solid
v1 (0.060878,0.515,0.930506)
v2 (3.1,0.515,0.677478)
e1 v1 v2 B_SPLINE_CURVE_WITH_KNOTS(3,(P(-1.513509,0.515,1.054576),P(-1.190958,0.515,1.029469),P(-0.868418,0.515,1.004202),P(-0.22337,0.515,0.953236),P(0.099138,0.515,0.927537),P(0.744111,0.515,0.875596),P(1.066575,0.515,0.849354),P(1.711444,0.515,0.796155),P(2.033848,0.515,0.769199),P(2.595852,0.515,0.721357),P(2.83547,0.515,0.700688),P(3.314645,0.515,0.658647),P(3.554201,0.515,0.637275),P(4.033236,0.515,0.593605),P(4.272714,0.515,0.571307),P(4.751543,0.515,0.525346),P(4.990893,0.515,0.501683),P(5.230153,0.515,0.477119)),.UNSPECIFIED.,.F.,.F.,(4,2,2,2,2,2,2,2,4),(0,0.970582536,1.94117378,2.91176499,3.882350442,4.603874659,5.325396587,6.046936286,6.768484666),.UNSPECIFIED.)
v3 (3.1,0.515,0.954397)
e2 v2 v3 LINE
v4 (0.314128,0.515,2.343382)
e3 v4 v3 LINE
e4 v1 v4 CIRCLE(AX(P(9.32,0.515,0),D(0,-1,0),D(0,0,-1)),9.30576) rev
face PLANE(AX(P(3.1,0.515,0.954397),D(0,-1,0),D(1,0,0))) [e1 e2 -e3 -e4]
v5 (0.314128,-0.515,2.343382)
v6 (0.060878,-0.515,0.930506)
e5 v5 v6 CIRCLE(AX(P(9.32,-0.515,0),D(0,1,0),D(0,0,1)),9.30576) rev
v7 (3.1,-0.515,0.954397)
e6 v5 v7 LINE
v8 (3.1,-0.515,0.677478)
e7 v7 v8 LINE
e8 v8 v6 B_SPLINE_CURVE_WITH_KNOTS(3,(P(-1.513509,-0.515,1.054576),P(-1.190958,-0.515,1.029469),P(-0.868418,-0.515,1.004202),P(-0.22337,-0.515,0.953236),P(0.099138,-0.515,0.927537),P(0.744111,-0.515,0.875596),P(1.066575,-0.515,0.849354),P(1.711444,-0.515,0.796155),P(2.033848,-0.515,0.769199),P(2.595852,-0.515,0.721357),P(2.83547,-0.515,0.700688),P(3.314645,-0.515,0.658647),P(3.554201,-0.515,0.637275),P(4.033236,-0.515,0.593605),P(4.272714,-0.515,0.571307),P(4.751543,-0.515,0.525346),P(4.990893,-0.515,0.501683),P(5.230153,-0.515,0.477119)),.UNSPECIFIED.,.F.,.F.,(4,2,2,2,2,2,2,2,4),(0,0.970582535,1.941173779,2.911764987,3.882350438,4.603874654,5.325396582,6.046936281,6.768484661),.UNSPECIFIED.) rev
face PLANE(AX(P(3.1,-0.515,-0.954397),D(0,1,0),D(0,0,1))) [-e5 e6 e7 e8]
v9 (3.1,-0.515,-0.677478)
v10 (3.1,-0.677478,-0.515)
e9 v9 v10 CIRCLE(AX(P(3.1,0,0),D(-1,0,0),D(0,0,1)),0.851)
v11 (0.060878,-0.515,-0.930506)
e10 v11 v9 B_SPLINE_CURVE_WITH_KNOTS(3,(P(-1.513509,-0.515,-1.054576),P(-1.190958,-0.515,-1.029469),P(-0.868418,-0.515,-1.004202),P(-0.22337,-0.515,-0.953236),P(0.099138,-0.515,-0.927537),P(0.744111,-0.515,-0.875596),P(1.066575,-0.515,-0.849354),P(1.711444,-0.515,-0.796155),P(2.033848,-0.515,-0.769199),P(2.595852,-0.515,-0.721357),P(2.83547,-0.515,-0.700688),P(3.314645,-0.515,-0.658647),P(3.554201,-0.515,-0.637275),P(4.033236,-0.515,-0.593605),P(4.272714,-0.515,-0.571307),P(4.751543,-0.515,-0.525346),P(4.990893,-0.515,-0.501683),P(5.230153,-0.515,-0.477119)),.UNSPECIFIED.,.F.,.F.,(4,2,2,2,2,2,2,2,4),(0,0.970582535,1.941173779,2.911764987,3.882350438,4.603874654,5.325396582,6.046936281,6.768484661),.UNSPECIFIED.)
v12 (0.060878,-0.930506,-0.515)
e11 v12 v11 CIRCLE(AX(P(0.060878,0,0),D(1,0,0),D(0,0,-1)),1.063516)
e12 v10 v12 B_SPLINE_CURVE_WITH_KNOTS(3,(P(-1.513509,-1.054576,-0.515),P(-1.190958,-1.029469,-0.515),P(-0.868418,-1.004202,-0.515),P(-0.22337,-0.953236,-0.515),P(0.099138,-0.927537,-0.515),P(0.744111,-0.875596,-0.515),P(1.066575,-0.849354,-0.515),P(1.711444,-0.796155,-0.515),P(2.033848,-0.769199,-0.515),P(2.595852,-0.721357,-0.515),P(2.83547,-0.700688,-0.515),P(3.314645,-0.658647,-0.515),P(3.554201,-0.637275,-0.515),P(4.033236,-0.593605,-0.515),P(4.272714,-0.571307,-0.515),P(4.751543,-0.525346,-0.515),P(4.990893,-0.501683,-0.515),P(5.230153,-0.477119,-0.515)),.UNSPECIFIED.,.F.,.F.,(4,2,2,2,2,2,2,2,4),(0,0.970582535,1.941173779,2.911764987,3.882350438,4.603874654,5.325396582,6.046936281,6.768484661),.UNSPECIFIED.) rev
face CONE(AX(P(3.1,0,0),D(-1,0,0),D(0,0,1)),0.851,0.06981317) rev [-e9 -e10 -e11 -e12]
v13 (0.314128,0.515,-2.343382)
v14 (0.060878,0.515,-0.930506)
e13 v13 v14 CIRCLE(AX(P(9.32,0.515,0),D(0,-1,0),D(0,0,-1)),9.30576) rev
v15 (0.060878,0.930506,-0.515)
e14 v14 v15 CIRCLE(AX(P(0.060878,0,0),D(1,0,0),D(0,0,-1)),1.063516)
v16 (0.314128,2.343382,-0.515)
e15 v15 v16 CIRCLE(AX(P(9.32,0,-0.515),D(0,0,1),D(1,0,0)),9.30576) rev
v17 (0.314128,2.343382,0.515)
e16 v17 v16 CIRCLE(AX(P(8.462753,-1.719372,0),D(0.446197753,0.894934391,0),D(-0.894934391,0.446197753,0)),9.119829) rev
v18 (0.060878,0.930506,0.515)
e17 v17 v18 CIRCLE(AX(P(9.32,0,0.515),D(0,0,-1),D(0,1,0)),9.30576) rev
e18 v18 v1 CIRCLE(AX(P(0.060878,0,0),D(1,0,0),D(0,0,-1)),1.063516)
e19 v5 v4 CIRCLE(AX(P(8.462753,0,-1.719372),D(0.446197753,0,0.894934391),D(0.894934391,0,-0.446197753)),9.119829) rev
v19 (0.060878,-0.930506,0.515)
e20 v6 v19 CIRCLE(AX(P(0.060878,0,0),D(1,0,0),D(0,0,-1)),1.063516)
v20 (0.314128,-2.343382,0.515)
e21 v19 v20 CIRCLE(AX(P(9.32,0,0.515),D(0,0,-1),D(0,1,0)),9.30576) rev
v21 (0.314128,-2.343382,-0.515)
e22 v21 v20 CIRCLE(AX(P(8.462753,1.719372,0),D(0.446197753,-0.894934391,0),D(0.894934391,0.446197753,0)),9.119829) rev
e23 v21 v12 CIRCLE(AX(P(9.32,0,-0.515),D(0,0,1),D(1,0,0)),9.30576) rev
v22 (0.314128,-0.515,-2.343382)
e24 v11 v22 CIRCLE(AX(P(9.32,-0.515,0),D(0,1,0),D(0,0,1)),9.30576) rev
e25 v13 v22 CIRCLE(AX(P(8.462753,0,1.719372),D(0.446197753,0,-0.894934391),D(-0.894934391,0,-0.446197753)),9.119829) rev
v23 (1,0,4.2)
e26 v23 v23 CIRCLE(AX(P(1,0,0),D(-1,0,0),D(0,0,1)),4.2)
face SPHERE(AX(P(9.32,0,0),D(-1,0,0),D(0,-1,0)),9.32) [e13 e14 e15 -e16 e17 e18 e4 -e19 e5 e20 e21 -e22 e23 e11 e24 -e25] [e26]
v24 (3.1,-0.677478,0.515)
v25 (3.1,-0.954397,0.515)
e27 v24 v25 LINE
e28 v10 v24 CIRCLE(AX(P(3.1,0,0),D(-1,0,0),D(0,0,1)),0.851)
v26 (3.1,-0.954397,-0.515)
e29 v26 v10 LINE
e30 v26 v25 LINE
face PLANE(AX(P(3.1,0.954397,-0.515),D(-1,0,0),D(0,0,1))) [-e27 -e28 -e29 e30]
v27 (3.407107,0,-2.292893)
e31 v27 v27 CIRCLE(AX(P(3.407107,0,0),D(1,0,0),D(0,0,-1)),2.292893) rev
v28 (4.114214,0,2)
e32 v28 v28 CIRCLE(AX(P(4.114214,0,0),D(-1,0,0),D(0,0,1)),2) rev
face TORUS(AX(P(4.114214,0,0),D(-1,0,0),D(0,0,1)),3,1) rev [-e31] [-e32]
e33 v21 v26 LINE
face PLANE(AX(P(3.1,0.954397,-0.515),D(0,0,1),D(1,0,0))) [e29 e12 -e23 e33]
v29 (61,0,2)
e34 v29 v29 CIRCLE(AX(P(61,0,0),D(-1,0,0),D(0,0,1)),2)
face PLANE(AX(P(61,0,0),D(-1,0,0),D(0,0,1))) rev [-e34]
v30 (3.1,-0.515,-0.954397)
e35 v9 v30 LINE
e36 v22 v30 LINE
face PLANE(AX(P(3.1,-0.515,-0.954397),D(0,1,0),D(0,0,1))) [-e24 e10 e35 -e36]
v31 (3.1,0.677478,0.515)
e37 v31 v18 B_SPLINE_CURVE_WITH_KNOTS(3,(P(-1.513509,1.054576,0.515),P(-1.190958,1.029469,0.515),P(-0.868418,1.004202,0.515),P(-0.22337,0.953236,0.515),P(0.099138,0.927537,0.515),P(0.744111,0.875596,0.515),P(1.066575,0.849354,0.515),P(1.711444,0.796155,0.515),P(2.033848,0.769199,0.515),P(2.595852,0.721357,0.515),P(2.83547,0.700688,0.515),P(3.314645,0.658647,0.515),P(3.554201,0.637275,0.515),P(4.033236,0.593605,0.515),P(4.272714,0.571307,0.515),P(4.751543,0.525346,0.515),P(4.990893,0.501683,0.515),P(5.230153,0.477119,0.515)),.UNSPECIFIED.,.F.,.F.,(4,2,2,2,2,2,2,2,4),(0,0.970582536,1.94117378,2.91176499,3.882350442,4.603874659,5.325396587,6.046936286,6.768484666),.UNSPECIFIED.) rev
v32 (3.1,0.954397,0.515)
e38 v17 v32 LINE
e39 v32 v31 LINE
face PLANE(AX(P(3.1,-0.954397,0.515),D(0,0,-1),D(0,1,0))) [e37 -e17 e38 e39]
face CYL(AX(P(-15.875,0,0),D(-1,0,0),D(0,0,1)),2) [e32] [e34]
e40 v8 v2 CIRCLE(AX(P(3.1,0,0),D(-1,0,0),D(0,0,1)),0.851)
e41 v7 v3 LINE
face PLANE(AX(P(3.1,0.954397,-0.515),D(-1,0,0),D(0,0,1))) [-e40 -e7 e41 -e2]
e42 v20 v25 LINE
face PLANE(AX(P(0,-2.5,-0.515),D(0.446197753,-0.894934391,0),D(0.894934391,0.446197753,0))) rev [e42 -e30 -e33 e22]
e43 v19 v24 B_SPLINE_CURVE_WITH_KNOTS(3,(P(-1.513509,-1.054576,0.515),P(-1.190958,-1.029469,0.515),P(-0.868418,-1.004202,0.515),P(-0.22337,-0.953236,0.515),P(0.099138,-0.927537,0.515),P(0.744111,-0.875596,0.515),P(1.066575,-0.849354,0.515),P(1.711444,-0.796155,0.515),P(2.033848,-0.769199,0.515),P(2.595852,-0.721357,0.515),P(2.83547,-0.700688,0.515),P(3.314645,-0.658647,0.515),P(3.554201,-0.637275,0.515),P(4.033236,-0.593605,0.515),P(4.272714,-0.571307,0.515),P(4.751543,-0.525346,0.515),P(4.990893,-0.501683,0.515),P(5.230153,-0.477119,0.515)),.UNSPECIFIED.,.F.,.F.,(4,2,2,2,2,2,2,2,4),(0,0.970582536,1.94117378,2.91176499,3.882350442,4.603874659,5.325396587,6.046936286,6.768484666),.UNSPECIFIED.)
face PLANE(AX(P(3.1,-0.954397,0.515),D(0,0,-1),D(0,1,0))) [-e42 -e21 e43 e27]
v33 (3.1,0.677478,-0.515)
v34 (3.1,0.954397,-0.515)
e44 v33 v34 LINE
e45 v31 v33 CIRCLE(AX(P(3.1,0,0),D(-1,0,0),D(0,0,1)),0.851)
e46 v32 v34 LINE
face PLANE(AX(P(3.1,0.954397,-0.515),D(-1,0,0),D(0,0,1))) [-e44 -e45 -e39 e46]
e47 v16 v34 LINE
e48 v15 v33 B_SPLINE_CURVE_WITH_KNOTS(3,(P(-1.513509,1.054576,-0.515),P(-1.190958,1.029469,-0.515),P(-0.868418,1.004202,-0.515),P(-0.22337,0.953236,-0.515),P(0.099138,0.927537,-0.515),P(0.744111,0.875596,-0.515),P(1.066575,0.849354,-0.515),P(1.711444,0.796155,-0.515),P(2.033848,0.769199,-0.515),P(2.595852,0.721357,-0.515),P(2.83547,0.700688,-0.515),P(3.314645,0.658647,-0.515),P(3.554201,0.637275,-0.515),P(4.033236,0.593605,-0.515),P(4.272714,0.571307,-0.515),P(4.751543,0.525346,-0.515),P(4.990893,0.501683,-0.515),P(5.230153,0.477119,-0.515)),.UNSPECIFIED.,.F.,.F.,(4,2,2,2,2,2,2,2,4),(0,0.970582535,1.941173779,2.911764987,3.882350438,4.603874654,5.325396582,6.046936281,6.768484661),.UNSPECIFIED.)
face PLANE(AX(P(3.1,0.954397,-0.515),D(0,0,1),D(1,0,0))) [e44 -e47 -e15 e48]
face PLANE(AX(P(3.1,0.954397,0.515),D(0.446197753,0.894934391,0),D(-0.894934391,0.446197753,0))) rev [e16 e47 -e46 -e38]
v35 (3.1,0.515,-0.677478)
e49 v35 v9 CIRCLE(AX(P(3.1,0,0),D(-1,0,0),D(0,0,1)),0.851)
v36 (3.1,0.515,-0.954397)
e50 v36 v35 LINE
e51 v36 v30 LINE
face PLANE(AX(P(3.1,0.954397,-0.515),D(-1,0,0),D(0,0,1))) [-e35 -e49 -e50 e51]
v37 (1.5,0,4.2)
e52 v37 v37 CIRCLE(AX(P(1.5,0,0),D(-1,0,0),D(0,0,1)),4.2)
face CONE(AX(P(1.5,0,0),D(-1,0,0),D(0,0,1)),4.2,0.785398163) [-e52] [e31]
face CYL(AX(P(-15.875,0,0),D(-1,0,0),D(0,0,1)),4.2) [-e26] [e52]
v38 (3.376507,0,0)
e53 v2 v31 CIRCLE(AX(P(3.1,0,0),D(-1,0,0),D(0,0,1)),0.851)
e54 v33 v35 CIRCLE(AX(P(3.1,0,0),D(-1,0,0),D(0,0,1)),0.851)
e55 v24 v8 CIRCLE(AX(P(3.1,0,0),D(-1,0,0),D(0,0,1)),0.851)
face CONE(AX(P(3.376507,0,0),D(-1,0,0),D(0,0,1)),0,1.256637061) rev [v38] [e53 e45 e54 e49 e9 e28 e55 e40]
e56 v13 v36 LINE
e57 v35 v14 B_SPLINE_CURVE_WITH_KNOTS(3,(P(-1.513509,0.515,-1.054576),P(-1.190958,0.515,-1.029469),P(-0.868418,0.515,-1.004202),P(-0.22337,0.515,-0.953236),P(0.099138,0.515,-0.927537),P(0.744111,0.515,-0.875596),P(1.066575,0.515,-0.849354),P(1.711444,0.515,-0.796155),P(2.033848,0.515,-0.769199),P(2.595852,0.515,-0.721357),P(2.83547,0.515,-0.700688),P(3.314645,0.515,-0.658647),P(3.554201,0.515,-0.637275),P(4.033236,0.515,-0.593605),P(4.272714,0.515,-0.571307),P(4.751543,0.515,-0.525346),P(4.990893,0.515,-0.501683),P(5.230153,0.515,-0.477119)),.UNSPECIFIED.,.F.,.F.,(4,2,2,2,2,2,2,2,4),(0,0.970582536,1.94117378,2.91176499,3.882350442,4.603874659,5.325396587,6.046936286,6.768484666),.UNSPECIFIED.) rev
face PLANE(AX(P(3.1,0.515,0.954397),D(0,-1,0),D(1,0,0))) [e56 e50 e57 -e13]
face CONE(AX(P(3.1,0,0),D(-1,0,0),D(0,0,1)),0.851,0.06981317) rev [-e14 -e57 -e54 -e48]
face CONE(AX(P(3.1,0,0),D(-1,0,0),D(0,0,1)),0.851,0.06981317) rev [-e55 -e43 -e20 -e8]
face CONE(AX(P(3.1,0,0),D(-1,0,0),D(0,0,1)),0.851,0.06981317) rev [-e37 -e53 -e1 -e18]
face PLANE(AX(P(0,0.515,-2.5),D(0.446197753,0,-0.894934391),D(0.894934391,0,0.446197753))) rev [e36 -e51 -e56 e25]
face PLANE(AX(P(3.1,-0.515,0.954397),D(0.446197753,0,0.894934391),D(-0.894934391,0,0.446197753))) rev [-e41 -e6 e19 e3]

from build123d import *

# Parameters (mm, degrees)
FILLET1_R    = 1
RECPAT_COUNT = 2
RECPAT_ANGLE = 90


with BuildPart() as part:
    # BodySke → Base-Revolve (revolve)
    with BuildSketch(Plane.XY, mode=Mode.PRIVATE) as base_revolve_sk:
        with BuildLine():
            Line((0, 0), (61, 0))
            Line((61, 0), (61, 2))
            Line((61, 2), (3.7, 2))
            Line((3.7, 2), (1.5, 4.2))
            Line((1.5, 4.2), (1, 4.2))
            ThreePointArc((1, 4.2), (0.253446079, 2.158703314), (0, 0))
        make_face()
    revolve(base_revolve_sk.sketch.rotate(Axis((-15.875, 0, 0), (1, 0, 0)), 90), axis=Axis((-15.875, 0, 0), (1, 0, 0)))

    # Fillet1
    fillet1_edges = [part.edges().sort_by_distance(p)[0] for p in [
        (3.7, 0, -2),
    ]]
    fillet(fillet1_edges, radius=FILLET1_R)

    # Sketch3 → Recess section 0
    with BuildSketch(Plane(origin=(0, 0, 0), x_dir=(0, 0, -1), z_dir=(1, 0, 0))):
        with BuildLine():
            Line((0.515, -2.5), (-0.515, -2.5))
            Line((-0.515, -2.5), (-0.515, 2.5))
            Line((-0.515, 2.5), (0.515, 2.5))
            Line((0.515, 2.5), (0.515, -2.5))
        make_face()
    # Sketch4 → Recess section 1
    with BuildSketch(Plane(origin=(3.1, 0, 0), x_dir=(0, 0, -1), z_dir=(1, 0, 0))):
        with BuildLine():
            Line((0.515, -0.954397274), (-0.515, -0.954397274))
            Line((-0.515, -0.954397274), (-0.515, 0.954397274))
            Line((-0.515, 0.954397274), (0.515, 0.954397274))
            Line((0.515, 0.954397274), (0.515, -0.954397274))
        make_face()
    recess = loft(mode=Mode.SUBTRACT)

    # RecPat: Recess ×2 about axis
    recpat_axis = Axis((0, 0, 0), (1, 0, 0))
    for i in range(1, RECPAT_COUNT):
        add(recess.rotate(recpat_axis, i * RECPAT_ANGLE / (RECPAT_COUNT - 1)), mode=Mode.SUBTRACT)

    # RecCorSke → RecessCore (revolve, cut)
    with BuildSketch(Plane.XY, mode=Mode.PRIVATE) as recesscore_sk:
        Polygon((0, 0), (0, 1.067773117), (3.1, 0.851), (3.376506661, 0), align=None)
    revolve(recesscore_sk.sketch.rotate(Axis((-3.175, 0, 0), (1, 0, 0)), 90), axis=Axis((-3.175, 0, 0), (1, 0, 0)), mode=Mode.SUBTRACT)


solid = part.part
